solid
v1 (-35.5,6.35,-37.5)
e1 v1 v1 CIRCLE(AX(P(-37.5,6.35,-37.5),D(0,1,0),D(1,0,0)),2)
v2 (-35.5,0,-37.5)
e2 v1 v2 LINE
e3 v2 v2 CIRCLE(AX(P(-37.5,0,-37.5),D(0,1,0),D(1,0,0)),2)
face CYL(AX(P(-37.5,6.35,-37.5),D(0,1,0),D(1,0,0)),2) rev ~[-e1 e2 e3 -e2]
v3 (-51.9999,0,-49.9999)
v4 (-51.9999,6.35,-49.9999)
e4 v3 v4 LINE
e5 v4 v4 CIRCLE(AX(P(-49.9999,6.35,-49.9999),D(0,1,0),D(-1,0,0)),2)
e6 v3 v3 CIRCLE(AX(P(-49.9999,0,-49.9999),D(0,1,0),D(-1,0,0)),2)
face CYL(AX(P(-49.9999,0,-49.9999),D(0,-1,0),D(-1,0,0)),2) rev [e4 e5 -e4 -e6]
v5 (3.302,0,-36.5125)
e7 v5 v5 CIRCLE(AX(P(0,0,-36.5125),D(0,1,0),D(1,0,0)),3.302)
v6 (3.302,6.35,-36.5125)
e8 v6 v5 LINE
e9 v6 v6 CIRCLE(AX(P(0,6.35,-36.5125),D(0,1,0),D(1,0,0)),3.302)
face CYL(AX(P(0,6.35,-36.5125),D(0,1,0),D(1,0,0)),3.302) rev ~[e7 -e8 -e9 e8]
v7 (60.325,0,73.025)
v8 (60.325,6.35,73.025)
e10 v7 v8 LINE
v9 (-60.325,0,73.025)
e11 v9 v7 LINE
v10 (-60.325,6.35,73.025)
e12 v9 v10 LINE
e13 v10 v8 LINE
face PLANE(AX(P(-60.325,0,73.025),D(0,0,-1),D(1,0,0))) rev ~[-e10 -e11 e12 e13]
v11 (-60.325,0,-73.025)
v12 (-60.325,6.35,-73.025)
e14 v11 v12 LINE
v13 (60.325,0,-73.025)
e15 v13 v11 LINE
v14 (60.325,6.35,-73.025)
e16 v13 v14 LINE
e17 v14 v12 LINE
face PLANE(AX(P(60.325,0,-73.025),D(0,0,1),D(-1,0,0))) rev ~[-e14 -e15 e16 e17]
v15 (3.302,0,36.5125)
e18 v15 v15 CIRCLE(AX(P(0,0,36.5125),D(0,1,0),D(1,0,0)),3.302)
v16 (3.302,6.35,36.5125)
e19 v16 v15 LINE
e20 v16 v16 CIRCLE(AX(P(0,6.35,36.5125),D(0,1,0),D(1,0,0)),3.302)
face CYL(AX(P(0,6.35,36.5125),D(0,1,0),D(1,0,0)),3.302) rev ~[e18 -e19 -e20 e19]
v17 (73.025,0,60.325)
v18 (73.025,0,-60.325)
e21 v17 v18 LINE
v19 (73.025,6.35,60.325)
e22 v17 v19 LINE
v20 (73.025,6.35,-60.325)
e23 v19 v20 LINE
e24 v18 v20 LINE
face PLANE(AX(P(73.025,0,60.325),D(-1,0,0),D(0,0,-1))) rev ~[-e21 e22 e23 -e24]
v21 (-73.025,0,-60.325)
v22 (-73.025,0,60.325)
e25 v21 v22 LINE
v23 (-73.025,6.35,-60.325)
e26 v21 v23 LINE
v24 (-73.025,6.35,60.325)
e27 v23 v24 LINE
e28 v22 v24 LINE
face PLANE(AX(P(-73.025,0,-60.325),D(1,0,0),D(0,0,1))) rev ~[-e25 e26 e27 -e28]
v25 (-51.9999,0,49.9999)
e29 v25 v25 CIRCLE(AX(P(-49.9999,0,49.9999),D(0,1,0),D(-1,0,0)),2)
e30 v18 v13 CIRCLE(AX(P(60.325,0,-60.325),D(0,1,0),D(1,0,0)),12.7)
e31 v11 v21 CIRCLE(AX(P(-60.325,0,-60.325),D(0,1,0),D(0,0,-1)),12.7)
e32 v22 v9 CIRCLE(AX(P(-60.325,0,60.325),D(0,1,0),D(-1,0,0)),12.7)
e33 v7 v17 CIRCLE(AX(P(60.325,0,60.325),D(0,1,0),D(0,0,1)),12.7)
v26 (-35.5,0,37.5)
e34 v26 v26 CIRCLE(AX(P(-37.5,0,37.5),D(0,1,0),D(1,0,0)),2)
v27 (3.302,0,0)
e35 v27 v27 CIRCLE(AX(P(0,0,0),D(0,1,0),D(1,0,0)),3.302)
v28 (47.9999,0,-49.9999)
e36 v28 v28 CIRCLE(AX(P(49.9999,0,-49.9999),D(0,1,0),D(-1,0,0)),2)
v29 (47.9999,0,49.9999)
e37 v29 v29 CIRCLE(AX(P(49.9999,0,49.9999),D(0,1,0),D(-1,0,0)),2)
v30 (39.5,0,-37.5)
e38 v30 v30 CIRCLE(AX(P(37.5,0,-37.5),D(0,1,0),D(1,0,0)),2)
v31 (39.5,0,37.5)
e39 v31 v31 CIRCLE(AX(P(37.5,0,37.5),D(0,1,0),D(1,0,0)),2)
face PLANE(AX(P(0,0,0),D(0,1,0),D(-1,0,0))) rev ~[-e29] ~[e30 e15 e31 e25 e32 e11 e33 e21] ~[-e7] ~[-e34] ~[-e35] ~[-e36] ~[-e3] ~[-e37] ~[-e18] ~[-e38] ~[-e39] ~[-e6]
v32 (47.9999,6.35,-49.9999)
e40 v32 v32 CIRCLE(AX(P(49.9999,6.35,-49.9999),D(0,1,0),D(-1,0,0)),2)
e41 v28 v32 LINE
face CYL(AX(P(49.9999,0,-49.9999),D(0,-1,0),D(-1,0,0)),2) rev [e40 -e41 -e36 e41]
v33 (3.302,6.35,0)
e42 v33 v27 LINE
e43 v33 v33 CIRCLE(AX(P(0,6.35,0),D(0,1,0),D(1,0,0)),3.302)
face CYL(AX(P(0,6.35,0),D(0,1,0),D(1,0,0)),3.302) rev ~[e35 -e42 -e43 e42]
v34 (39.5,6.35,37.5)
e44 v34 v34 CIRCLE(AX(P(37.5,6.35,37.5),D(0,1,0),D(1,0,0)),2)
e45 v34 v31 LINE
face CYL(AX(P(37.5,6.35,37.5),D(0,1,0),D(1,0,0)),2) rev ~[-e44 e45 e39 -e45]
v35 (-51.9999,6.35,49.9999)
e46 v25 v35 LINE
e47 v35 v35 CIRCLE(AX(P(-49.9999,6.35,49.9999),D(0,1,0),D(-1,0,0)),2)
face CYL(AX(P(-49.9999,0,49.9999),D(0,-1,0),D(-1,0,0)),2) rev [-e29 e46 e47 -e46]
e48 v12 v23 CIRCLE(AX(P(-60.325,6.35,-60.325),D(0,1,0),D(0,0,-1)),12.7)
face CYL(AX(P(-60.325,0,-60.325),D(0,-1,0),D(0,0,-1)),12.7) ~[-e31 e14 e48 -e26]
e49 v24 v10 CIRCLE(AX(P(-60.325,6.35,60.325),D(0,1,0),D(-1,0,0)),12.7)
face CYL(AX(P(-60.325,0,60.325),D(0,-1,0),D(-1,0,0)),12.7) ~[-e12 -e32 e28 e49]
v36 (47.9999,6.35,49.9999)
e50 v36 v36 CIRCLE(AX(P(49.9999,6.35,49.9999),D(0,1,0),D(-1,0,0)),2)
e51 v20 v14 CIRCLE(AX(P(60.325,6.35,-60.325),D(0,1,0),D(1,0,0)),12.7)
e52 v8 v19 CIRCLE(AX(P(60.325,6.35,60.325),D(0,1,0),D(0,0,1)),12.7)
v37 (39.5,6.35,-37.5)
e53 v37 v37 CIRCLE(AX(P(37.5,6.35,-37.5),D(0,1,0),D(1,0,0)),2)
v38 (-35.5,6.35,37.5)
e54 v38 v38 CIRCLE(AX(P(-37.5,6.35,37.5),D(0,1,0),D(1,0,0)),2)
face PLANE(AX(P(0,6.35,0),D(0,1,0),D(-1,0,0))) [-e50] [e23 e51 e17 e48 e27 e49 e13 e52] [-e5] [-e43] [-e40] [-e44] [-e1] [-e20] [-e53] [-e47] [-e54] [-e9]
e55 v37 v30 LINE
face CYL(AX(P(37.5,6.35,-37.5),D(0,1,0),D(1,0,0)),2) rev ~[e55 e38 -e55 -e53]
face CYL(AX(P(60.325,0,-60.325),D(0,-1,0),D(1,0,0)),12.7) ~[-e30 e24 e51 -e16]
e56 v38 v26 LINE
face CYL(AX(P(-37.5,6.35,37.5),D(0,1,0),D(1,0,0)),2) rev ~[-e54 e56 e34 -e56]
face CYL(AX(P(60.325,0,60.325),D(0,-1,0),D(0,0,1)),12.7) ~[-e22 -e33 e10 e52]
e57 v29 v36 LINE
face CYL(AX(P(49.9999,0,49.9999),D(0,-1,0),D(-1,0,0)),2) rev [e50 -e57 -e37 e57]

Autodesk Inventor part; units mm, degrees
ref_plane "YZ Plane" through (0, 0, 0) normal (1, 0, 0) x (0, 1, 0)
ref_plane "XZ Plane" through (0, 0, 0) normal (0, 1, 0) x (-1, 0, 0)
ref_plane "XY Plane" through (0, 0, 0) normal (0, 0, 1) x (1, 0, 0)
sketch "Sketch1" plane through (0, 0, 0) normal (0, 1, 0) x (-1, 0, 0)
  line L0 (60.325, 73.025) -> (-60.325, 73.025)
  line L1 (-73.025, 60.325) -> (-73.025, -60.325)
  line L2 (-60.325, -73.025) -> (60.325, -73.025)
  line L3 (73.025, -60.325) -> (73.025, 60.325)
  circle A0 centre (49.9999, 49.9999) radius 2
  circle A1 centre (49.9999, -49.9999) radius 2
  circle A2 centre (-49.9999, -49.9999) radius 2
  circle A3 centre (-49.9999, 49.9999) radius 2
  arc A4 (73.025, 60.325) -> (60.325, 73.025) centre (60.325, 60.325) ccw
  arc A5 (60.325, -73.025) -> (73.025, -60.325) centre (60.325, -60.325) ccw
  arc A6 (-60.325, 73.025) -> (-73.025, 60.325) centre (-60.325, 60.325) ccw
  arc A7 (-73.025, -60.325) -> (-60.325, -73.025) centre (-60.325, -60.325) ccw
  point P0 (0, 0)
  point P1 (73.025, 73.025)
  point P2 (-73.025, -73.025)
  point P3 (-73.025, 73.025)
  point P4 (73.025, -73.025)
  dimension "d0" = 73.025
  dimension "d1" = 73.025
  dimension "d2" = 146.05
  dimension "d3" = 146.05
  dimension "d4" = 4
  dimension "d5" = 4
  dimension "d6" = 4
  dimension "d7" = 4
  dimension "d8" = 99.9998
  dimension "d9" = 99.9998
  dimension "d10" = 99.9998
  dimension "d11" = 99.9998
  dimension "d12" = 23.0251
  dimension "d13" = 23.0251
  dimension "d14" = 23.0251
  dimension "d15" = 23.0251
  dimension "d16" = 23.0251
  dimension "d17" = 23.0251
  dimension "d18" = 23.0251
  dimension "d19" = 23.0251
  dimension "d40" = 12.7
  dimension "d41" = 12.7
extrude "Extrusion1" add sketch "Sketch1" along normal blind 6.35
sketch "Sketch2" plane through (0, 6.35, 0) normal (0, 1, 0) x (1, 0, 0)
  circle A0 centre (-37.5, -37.5) radius 2
  circle A1 centre (-37.5, 37.5) radius 2
  circle A2 centre (37.5, -37.5) radius 2
  circle A3 centre (37.5, 37.5) radius 2
  line L0 (-60.325, -73.025) -> (60.325, -73.025) projected
  line L1 (-73.025, 60.325) -> (-73.025, -60.325) projected
  line L2 (73.025, -60.325) -> (73.025, 60.325) projected
  line L3 (60.325, 73.025) -> (-60.325, 73.025) projected
  point P0 (0, 0)
  point P1 (-76.2, -76.2)
  point P2 (76.2, -76.2)
  point P3 (-76.2, 76.2)
  point P4 (76.2, 76.2)
  point P5 (-60.325, 73.025)
  dimension "d22" = 4
  dimension "d23" = 4
  dimension "d24" = 4
  dimension "d25" = 4
  dimension "d26" = 75
  dimension "d27" = 75
  dimension "d28" = 75
  dimension "d29" = 75
  dimension "d30" = 35.525
  dimension "d31" = 35.525
  dimension "d32" = 35.525
  dimension "d33" = 35.525
  dimension "d34" = 35.525
  dimension "d35" = 35.525
  dimension "d36" = 35.525
  dimension "d37" = 35.525
extrude "Extrusion2" cut sketch "Sketch2" against normal blind 6.35
sketch "Sketch3" plane through (0, 6.35, 0) normal (0, 1, 0) x (1, 0, 0)
  circle A0 centre (0, -36.5125) radius 3.302
  circle A1 centre (0, 0) radius 3.302
  circle A2 centre (0, 36.5125) radius 3.302
  line L0 (60.325, 73.025) -> (-60.325, 73.025) projected
  line L1 (-60.325, -73.025) -> (60.325, -73.025) projected
  line L2 (73.025, -60.325) -> (73.025, 60.325) projected
  line L3 (-73.025, 60.325) -> (-73.025, -60.325) projected
  point P0 (-73.025, 0)
  dimension "d52" = 6.604
  dimension "d53" = 6.604
  dimension "d54" = 6.604
  dimension "d61" = 36.5125
  dimension "d62" = 36.5125
  dimension "d63" = 36.5125
  dimension "d64" = 36.5125
extrude "Extrusion3" cut sketch "Sketch3" against normal blind 6.35
ref_plane "Work Plane1" through (0, 0, 60.325) normal (1, 0, 0) x (0, 0, -1)
ref_plane "Work Plane2" through (-60.325, 0, 0) normal (0, 0, 1) x (1, 0, 0)
equation "\"d0\" = 0.5 * d2"
equation "\"d1\" = 0.5 * d3"
equation "\"d2\" = d3"
equation "\"d5\" = d4"
equation "\"d6\" = d4"
equation "\"d7\" = d4"
equation "\"d9\" = d8"
equation "\"d11\" = d10"
equation "\"d12\" = d17"
equation "\"d13\" = d16"
equation "\"d14\" = d13"
equation "\"d15\" = d12"
equation "\"d23\" = d22"
equation "\"d24\" = d22"
equation "\"d25\" = d22"
equation "\"d27\" = d26"
equation "\"d29\" = d28"
equation "\"d30\" = d36"
equation "\"d31\" = d37"
equation "\"d32\" = d31"
equation "\"d33\" = d30"
equation "\"d52\" = d53"
equation "\"d54\" = d53"
equation "\"d61\" = d63"
equation "\"d62\" = d64"
properties part number "VESA adapter bracket"
